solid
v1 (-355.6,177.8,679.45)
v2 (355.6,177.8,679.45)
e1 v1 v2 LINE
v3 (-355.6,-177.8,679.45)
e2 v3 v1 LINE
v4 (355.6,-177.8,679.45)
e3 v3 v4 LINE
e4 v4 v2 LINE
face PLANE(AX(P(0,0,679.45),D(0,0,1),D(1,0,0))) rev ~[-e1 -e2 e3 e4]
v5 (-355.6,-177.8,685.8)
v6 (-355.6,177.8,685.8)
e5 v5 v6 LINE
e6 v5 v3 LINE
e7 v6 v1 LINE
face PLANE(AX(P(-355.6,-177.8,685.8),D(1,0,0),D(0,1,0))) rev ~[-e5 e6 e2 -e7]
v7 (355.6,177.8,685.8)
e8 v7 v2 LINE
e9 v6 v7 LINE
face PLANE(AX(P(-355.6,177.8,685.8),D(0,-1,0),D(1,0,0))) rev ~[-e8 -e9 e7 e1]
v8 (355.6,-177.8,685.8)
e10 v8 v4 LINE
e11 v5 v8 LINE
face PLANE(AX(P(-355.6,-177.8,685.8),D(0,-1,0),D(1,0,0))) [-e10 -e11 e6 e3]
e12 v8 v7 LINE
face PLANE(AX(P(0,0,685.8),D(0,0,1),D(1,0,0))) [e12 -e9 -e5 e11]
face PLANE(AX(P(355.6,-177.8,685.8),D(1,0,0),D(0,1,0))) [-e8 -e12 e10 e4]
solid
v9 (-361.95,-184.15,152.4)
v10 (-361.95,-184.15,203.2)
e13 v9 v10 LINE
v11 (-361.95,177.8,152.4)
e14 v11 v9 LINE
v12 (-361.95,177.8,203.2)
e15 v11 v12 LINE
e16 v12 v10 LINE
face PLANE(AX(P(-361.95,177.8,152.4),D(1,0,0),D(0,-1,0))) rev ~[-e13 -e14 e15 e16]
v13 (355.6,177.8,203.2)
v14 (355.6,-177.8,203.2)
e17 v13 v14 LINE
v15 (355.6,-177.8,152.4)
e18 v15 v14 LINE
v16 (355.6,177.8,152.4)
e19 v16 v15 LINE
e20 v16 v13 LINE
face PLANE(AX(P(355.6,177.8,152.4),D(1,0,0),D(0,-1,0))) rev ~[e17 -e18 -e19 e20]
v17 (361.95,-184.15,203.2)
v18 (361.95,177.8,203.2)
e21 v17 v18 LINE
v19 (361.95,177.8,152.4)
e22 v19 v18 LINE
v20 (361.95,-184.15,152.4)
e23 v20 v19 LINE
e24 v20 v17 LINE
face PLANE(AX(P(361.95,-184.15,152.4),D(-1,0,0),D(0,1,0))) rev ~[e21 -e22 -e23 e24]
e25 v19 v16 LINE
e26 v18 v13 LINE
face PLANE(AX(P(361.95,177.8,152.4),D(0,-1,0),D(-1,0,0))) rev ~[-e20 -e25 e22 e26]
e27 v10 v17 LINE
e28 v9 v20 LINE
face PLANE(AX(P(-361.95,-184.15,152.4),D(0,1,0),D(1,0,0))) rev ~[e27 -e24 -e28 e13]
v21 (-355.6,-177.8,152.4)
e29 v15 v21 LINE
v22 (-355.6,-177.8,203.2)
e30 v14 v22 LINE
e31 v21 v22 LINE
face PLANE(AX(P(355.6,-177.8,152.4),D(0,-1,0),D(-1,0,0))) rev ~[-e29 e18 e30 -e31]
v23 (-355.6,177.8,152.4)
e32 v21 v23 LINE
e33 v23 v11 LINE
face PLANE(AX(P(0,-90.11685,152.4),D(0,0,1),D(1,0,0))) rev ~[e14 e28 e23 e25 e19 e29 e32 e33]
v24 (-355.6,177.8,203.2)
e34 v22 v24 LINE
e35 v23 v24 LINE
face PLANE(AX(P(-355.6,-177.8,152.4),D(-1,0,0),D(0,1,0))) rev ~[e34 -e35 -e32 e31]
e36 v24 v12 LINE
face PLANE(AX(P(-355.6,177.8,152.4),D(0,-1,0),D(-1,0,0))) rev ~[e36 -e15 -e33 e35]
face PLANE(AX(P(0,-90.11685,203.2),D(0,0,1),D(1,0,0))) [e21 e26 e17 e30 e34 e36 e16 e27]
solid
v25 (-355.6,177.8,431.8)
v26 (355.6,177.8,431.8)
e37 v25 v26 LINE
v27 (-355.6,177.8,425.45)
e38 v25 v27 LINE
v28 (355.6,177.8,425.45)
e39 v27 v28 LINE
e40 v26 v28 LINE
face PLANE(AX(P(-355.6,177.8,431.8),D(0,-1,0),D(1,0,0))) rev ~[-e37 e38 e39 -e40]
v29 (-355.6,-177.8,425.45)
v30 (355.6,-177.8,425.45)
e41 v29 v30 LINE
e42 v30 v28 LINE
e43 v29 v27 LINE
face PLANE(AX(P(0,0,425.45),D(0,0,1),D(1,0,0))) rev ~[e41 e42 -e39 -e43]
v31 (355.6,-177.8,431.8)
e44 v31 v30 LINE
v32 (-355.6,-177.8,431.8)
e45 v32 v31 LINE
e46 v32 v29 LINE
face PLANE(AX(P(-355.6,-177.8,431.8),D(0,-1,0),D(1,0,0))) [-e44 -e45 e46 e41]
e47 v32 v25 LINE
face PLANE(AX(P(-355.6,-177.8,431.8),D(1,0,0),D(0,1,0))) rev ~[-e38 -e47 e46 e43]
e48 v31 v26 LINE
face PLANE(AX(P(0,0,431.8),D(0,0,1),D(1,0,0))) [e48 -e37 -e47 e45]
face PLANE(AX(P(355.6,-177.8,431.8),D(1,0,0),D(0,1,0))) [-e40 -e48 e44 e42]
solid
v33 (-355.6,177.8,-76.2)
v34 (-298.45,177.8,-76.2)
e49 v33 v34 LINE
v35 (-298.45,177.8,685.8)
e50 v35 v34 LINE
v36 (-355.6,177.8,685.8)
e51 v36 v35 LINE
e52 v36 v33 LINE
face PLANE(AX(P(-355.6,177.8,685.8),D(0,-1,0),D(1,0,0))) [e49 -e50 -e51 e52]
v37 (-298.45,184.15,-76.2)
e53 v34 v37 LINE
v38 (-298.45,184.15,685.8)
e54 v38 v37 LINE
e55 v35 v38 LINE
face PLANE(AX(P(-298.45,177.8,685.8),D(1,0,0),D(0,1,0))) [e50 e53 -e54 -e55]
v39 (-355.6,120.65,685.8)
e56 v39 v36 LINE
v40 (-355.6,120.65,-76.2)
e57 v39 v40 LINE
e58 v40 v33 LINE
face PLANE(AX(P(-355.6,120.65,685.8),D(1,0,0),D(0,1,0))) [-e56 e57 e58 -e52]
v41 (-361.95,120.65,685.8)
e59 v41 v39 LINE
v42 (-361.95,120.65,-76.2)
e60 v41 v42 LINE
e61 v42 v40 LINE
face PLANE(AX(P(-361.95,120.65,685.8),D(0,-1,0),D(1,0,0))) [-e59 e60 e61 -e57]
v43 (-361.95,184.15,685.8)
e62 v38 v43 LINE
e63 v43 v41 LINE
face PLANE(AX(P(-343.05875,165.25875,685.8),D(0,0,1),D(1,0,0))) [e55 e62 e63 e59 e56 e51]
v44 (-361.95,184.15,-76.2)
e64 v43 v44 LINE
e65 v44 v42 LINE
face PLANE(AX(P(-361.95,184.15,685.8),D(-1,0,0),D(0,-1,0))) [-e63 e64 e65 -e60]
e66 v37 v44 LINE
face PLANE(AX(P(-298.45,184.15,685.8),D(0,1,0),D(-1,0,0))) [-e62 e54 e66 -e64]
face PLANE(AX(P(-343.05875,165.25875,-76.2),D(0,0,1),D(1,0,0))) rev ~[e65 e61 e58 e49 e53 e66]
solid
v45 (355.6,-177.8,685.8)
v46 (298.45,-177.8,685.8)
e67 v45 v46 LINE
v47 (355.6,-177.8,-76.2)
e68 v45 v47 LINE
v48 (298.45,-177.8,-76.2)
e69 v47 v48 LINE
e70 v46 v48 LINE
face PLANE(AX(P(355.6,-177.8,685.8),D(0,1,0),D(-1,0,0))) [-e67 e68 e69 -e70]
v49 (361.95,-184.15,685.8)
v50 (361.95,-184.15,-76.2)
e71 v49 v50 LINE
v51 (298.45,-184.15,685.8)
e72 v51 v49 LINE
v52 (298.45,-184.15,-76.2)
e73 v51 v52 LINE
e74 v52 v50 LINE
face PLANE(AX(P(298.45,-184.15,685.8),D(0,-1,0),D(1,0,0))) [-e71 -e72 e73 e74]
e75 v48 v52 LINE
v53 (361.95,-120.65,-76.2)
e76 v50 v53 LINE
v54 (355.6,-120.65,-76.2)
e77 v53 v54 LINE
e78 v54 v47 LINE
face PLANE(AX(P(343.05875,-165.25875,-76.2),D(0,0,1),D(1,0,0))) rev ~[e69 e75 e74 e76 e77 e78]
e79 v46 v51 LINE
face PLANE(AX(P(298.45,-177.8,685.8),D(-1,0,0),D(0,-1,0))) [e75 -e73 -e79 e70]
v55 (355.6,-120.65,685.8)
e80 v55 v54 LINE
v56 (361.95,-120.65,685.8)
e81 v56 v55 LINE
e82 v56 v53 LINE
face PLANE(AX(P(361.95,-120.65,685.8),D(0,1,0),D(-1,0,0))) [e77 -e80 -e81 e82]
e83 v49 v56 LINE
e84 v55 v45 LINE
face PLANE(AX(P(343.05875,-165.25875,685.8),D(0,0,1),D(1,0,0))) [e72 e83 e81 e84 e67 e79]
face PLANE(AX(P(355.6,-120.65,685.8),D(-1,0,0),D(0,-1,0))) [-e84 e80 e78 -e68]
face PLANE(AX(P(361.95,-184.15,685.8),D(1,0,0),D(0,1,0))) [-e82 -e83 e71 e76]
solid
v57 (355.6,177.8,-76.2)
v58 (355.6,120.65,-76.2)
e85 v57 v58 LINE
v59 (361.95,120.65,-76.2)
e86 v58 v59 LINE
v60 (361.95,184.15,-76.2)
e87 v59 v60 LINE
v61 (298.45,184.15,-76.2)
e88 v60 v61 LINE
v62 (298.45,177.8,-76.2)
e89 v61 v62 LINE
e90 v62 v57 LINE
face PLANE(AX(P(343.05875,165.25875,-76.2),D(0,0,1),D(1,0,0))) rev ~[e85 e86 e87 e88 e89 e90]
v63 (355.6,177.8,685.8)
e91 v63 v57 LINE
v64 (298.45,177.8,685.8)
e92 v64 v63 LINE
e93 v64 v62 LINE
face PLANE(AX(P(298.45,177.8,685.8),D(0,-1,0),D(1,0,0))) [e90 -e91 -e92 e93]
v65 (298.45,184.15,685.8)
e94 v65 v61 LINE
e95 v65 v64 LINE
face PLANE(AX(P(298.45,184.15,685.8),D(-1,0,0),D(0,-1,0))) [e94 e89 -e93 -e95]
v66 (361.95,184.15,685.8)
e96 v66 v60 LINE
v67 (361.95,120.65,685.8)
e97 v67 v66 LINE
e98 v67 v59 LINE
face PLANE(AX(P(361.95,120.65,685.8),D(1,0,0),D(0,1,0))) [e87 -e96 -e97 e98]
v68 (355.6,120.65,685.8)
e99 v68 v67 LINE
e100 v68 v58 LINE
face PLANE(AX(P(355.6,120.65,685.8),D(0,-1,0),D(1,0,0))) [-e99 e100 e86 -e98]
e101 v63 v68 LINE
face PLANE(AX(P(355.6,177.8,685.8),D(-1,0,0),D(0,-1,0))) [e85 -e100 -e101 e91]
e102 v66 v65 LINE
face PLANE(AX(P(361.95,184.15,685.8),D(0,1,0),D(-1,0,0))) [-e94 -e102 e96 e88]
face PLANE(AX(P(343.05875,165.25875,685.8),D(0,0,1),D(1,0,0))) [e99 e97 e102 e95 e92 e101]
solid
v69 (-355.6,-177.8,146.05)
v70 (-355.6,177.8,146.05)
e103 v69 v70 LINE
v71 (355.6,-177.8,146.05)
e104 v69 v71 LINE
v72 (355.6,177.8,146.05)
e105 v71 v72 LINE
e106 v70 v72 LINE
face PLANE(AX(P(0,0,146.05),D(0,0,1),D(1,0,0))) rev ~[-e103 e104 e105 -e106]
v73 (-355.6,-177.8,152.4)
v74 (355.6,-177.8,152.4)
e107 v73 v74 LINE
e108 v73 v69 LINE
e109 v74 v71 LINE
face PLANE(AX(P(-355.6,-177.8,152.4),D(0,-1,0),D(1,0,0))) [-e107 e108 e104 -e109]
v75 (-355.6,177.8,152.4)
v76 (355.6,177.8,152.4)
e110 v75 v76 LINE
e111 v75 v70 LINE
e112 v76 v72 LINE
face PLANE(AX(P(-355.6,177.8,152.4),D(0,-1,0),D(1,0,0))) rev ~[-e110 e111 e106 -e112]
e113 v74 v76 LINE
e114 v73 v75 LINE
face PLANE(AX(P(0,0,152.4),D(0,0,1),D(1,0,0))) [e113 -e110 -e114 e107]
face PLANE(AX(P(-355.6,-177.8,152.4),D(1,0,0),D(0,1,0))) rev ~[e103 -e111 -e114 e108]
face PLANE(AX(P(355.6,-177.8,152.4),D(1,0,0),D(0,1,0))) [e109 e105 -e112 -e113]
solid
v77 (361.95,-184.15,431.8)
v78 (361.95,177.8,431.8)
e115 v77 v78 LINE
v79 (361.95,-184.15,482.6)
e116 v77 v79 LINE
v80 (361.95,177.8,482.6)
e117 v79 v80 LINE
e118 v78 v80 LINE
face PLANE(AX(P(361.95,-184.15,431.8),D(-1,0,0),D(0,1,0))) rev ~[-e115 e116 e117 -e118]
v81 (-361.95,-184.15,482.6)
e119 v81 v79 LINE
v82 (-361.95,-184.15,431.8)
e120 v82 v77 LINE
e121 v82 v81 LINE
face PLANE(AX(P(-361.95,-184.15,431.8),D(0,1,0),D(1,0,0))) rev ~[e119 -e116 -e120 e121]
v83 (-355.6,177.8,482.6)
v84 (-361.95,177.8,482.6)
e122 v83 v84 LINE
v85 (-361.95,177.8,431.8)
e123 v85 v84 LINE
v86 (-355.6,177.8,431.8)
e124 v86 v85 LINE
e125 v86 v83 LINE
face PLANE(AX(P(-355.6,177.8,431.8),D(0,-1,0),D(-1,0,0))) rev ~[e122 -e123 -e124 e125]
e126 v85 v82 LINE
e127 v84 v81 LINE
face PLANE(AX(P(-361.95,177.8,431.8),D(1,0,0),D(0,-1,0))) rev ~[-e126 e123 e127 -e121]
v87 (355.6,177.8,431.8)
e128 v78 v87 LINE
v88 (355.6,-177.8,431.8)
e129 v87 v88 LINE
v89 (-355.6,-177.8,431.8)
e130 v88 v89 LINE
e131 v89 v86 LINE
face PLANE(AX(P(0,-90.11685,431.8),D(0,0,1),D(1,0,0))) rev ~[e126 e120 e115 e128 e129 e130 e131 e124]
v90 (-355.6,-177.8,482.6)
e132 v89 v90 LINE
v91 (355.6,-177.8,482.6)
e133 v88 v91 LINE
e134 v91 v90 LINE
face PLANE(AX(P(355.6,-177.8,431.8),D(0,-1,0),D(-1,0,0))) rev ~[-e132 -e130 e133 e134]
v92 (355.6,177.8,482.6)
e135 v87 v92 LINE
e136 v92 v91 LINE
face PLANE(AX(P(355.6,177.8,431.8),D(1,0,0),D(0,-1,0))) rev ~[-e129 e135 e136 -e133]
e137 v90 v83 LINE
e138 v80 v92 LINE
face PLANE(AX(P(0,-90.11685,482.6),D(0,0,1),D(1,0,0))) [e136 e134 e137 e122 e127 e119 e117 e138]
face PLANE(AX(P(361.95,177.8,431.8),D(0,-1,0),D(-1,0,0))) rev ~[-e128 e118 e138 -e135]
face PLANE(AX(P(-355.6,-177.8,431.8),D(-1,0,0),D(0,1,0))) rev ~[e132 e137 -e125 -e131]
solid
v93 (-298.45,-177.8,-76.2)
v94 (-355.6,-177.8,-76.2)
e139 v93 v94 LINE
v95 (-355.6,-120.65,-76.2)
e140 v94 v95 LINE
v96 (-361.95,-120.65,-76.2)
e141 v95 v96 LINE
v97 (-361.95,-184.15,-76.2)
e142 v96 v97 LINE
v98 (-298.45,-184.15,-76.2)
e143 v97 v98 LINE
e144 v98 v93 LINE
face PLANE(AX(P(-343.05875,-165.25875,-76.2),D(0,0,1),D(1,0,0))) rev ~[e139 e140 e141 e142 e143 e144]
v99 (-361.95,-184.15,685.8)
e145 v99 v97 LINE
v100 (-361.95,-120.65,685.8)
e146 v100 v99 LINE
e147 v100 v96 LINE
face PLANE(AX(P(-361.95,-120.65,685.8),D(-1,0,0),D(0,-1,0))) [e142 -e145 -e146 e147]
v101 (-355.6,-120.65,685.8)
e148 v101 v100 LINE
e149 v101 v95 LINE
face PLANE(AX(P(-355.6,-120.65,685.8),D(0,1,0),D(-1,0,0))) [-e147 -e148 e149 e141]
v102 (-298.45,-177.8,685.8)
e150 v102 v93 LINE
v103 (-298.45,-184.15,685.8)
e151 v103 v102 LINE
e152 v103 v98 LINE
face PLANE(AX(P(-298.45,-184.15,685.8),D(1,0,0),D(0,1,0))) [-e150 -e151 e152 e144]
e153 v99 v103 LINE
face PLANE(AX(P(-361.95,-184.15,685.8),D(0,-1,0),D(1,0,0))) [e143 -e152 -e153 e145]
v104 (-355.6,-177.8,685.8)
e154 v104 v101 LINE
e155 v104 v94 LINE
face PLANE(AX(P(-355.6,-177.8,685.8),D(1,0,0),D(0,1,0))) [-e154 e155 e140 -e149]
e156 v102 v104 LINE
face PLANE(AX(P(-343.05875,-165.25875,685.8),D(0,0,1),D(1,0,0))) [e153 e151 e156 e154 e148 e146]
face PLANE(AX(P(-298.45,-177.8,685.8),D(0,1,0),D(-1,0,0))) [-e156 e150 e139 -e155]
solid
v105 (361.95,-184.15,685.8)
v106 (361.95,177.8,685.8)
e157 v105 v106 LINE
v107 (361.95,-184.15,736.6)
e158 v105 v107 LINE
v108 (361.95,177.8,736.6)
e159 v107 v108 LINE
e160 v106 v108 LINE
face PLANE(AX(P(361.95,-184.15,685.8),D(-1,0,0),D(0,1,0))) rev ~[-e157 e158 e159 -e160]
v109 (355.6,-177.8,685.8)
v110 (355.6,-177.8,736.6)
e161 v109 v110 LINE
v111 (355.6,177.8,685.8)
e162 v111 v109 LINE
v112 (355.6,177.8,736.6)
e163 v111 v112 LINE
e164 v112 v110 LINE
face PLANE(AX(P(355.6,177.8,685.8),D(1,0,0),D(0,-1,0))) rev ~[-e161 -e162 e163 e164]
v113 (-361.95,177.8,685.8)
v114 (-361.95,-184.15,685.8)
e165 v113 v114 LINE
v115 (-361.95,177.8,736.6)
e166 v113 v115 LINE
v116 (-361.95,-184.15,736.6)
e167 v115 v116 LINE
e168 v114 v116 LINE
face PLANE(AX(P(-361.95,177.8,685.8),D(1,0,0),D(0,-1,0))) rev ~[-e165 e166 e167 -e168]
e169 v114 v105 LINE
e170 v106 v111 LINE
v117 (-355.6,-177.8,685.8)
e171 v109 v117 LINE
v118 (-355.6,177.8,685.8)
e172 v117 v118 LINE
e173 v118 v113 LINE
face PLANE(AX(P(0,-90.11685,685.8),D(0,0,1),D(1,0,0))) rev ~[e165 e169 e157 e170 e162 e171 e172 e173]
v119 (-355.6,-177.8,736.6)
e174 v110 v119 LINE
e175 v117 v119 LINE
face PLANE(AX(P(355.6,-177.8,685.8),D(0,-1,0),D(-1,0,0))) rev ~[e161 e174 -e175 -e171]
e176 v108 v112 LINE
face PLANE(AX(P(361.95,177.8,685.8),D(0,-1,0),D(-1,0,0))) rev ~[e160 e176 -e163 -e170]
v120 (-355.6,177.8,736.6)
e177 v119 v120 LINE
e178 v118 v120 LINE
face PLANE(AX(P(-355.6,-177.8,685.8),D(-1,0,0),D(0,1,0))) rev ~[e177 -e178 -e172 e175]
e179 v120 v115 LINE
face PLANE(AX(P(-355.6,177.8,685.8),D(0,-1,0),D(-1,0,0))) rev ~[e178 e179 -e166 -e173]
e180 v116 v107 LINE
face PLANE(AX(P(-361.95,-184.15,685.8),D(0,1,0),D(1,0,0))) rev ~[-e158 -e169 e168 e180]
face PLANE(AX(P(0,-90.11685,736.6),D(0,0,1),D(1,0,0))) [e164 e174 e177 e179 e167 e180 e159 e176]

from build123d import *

# Parameters (mm, degrees)
F4_DEPTH  = 762
F5_W      = 711.2
F5_H      = 355.6
F6_DEPTH  = 6.35
F7_W      = 711.2
F7_H      = 355.6
F8_DEPTH  = 6.35
F9_W      = 711.2
F9_H      = 355.6
F10_DEPTH = 6.35
F12_DEPTH = 50.8
F14_DEPTH = 50.8
F16_DEPTH = 50.8


with BuildPart() as f4:
    # F3 (on offset) → F4 (new body)
    with BuildSketch(Plane.XY.offset(685.8)):
        Polygon((-361.95, 120.65), (-355.6, 120.65), (-355.6, 177.8), (-298.45, 177.8), (-298.45, 184.15), (-361.95, 184.15), align=None)
        Polygon((-298.45, -177.8), (-355.6, -177.8), (-355.6, -120.65), (-361.95, -120.65), (-361.95, -184.15), (-298.45, -184.15), align=None)
        Polygon((298.45, -184.15), (361.95, -184.15), (361.95, -120.65), (355.6, -120.65), (355.6, -177.8), (298.45, -177.8), align=None)
        Polygon((355.6, 177.8), (355.6, 120.65), (361.95, 120.65), (361.95, 184.15), (298.45, 184.15), (298.45, 177.8), align=None)
    extrude(amount=-F4_DEPTH)


with BuildPart() as f6:
    # F5 (on offset) → F6 (new body)
    with BuildSketch(Plane.XY.offset(152.4)):
        Rectangle(F5_W, F5_H)
    extrude(amount=-F6_DEPTH)


with BuildPart() as f8:
    # F7 (on offset) → F8 (new body)
    with BuildSketch(Plane.XY.offset(431.8)):
        Rectangle(F7_W, F7_H)
    extrude(amount=-F8_DEPTH)


with BuildPart() as f10:
    # F9 (on offset) → F10 (new body)
    with BuildSketch(Plane.XY.offset(685.8)):
        Rectangle(F9_W, F9_H)
    extrude(amount=-F10_DEPTH)


with BuildPart() as f12:
    # F11 (on offset) → F12 (new body)
    with BuildSketch(Plane.XY.offset(685.8)):
        Polygon((-355.6, -177.8), (-355.6, 177.8), (-361.95, 177.8), (-361.95, -184.15), (361.95, -184.15), (361.95, 177.8), (355.6, 177.8), (355.6, -177.8), align=None)
    extrude(amount=F12_DEPTH)


with BuildPart() as f14:
    # F13 (on offset) → F14 (new body)
    with BuildSketch(Plane.XY.offset(431.8)):
        Polygon((-355.6, -177.8), (-355.6, 177.8), (-361.95, 177.8), (-361.95, -184.15), (361.95, -184.15), (361.95, 177.8), (355.6, 177.8), (355.6, -177.8), align=None)
    extrude(amount=F14_DEPTH)


with BuildPart() as f16:
    # F15 (on offset) → F16 (new body)
    with BuildSketch(Plane.XY.offset(152.4)):
        Polygon((-355.6, -177.8), (-355.6, 177.8), (-361.95, 177.8), (-361.95, -184.15), (361.95, -184.15), (361.95, 177.8), (355.6, 177.8), (355.6, -177.8), align=None)
    extrude(amount=F16_DEPTH)


solid = Compound([f4.part, f6.part, f8.part, f10.part, f12.part, f14.part, f16.part])
